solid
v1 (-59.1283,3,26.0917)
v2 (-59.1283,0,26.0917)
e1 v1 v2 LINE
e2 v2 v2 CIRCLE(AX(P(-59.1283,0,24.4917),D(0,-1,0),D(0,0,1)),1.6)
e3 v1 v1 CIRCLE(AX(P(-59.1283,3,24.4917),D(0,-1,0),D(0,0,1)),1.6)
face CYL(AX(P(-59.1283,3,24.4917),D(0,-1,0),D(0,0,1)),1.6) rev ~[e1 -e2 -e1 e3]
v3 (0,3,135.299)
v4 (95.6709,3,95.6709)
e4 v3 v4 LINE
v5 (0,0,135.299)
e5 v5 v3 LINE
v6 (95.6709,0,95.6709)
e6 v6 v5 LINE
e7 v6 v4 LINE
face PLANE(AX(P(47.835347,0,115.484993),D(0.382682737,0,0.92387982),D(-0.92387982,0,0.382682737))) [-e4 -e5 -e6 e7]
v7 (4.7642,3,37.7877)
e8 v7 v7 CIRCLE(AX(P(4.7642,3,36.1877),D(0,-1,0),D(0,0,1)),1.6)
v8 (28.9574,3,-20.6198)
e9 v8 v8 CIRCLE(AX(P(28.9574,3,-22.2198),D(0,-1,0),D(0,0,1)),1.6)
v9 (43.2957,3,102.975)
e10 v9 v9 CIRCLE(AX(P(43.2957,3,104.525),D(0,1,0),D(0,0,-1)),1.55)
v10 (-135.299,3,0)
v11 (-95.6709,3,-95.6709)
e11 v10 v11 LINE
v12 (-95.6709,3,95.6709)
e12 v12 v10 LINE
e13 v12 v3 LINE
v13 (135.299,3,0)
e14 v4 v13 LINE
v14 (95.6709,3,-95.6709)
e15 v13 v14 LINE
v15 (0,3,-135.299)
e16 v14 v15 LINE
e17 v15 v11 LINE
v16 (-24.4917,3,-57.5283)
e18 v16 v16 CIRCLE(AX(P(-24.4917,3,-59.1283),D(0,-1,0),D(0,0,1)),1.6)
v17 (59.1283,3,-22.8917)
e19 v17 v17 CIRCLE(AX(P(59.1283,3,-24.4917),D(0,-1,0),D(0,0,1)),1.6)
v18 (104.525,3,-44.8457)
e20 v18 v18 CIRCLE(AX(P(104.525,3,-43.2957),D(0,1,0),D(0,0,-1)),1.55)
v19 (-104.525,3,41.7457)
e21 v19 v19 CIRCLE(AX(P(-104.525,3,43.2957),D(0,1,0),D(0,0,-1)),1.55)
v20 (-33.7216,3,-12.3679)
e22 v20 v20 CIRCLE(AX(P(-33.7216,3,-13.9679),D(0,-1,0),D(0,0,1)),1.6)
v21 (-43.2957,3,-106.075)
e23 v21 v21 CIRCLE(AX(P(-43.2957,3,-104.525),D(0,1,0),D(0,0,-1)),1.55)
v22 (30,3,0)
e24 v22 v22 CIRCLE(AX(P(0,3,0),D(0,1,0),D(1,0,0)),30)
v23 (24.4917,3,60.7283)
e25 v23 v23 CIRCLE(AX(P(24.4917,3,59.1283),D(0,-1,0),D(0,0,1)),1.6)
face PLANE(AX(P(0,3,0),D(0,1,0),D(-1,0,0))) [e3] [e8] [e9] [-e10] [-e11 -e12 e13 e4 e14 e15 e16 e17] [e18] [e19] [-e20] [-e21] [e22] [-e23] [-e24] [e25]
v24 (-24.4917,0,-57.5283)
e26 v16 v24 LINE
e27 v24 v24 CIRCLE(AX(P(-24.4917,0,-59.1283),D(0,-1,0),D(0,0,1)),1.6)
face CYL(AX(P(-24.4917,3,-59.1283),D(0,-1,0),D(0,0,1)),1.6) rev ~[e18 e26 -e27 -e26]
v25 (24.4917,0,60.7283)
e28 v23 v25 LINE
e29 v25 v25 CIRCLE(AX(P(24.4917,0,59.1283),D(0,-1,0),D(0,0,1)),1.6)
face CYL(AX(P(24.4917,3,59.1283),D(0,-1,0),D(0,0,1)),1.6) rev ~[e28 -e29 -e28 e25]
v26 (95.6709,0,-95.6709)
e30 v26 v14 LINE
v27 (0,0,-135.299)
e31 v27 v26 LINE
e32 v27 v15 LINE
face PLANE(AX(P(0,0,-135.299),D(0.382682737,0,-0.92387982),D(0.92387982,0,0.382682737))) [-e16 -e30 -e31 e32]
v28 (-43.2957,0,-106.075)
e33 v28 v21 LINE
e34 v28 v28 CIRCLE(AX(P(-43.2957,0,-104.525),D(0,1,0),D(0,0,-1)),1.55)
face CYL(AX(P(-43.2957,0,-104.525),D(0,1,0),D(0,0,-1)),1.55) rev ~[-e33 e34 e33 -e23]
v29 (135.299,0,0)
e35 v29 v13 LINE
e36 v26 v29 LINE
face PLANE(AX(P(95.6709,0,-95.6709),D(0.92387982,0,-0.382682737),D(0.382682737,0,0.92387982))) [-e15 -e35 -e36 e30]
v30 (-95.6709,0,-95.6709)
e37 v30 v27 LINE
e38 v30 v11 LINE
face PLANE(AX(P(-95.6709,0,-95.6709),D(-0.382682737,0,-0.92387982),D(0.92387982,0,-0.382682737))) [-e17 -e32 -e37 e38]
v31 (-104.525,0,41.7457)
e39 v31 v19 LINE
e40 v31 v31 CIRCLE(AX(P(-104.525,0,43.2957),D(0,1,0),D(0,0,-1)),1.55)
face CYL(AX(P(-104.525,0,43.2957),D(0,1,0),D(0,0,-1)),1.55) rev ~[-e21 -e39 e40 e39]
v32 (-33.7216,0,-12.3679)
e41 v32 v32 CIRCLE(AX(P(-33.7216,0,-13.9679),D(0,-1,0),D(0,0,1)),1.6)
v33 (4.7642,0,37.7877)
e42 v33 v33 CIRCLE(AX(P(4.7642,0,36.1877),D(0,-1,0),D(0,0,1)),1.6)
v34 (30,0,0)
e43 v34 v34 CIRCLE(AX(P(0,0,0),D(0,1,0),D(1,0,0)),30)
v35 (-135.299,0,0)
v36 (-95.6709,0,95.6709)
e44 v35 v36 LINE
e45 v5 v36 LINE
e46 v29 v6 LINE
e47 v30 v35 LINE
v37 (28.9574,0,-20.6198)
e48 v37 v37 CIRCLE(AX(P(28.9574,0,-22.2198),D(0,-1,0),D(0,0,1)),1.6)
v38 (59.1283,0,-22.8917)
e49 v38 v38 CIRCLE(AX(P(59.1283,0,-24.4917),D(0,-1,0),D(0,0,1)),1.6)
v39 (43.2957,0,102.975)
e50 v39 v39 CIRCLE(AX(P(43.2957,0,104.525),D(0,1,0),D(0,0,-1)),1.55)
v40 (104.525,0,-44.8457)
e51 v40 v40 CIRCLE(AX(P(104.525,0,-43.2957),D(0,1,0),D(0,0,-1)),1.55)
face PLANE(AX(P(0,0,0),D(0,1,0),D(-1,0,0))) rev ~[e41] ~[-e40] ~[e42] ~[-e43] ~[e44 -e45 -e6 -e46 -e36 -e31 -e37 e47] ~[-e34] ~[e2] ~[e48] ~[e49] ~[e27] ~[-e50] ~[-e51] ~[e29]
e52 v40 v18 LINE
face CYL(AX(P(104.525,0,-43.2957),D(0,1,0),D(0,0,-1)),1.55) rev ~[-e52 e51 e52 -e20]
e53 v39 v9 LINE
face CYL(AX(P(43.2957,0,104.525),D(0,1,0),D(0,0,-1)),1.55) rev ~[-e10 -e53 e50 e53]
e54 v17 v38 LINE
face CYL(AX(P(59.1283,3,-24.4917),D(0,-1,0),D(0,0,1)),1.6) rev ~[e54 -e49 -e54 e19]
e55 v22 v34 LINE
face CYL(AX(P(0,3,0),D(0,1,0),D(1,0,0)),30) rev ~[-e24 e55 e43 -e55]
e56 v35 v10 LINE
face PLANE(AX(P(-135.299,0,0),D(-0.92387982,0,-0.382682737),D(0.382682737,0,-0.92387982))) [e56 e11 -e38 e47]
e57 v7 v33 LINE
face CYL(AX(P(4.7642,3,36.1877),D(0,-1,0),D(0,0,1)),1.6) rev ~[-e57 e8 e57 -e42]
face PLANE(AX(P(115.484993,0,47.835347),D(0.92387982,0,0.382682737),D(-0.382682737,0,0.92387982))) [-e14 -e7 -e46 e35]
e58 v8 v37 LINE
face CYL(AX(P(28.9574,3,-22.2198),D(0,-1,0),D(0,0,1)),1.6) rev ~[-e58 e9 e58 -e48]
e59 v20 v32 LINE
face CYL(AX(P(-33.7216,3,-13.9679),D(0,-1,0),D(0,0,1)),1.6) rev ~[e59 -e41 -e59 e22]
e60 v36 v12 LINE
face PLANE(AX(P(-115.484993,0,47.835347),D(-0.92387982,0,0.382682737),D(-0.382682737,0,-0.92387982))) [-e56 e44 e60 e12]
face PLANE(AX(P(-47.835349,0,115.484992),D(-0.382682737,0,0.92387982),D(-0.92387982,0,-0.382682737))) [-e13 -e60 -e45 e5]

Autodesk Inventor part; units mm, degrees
ref_plane "YZ Plane" through (0, 0, 0) normal (1, 0, 0) x (0, 1, 0)
ref_plane "XZ Plane" through (0, 0, 0) normal (0, 1, 0) x (-1, 0, 0)
ref_plane "XY Plane" through (0, 0, 0) normal (0, 0, 1) x (1, 0, 0)
sketch "スケッチ1" plane through (0, 0, 0) normal (0, 1, 0) x (-1, 0, 0)
  circle A0 centre (0, 0) radius 135.299
  line L0 (0, 0) -> (135.299, 0)
  line L1 (0, 0) -> (95.6709, -95.6709)
  line L2 (0, 0) -> (0, -135.299)
  line L3 (0, 0) -> (-95.6709, -95.6709)
  line L4 (0, 0) -> (-135.299, 0)
  line L5 (0, 0) -> (-95.6709, 95.6709)
  line L6 (0, 0) -> (0, 135.299)
  line L7 (0, 0) -> (95.6709, 95.6709)
  line L8 (135.299, 0) -> (95.6709, -95.6709)
  line L9 (95.6709, 95.6709) -> (135.299, 0)
  line L10 (0, 135.299) -> (95.6709, 95.6709)
  line L11 (-95.6709, 95.6709) -> (0, 135.299)
  line L12 (-135.299, 0) -> (-95.6709, 95.6709)
  line L13 (-95.6709, -95.6709) -> (-135.299, 0)
  line L14 (0, -135.299) -> (-95.6709, -95.6709)
  line L15 (95.6709, -95.6709) -> (0, -135.299)
  circle A1 centre (0, 0) radius 125
  point P0 (0, 135.299)
  point P1 (-95.6709, 95.6709)
  point P2 (-135.299, 0)
  point P3 (95.6709, -95.6709)
  dimension "d3" = 360
  dimension "d7" = 360
  dimension "d57" = 250
extrude "押し出し1" add sketch "スケッチ1" along normal blind 3 contours L8 A1 L0 | L0 A1 L9 | L9 A1 L7 | L7 A1 L10 | L15 A1 L1 | L1 A1 L8 | A1 L1 L0 | L0 L7 A1 | L10 A1 L6 | L6 A1 L11 | L7 L6 A1 | L14 A1 L2 | L2 A1 L15 | A1 L2 L1 | L2 A1 L3 | L3 A1 L4 | L4 A1 L5 | L5 A1 L6 | L11 A1 L5 | L5 A1 L12 | L13 A1 L3 | L3 A1 L14 | A1 L13 L4 | L4 L12 A1
sketch "スケッチ2" plane through (0, 3, 0) normal (0, 1, 0) x (1, 0, 0)
  circle A0 centre (0, 0) radius 64
  circle A1 centre (0, 0) radius 36.5
  line L0 (0, 0) -> (-59.1283, 24.4917)
  line L1 (-95.6709, 95.6709) -> (-135.299, 0) projected
  line L2 (0, 0) -> (-135.299, 0)
  point P0 (-33.7216, 13.9679)
  point P1 (4.7642, -36.1877)
  point P2 (28.9574, 22.2198)
  dimension "d11" = 128
  dimension "d12" = 73
  dimension "d13" = 22.5
  dimension "d16" = 360
hole "穴1" at (-33.7216, 3, -13.9679) at (4.7642, 3, 36.1877) at (28.9574, 3, -22.2198) direction (0, -1, 0) diameter 3.2 end through all
sketch "スケッチ3" plane through (0, 3, 0) normal (0, 1, 0) x (1, 0, 0)
  circle A0 centre (0, 0) radius 64
  line L0 (0, 0) -> (-59.1283, -24.4917)
  line L1 (0, 0) -> (-29.4133, 0)
  point P0 (-59.1283, -24.4917)
  point P1 (24.4917, -59.1283)
  point P2 (59.1283, 24.4917)
  point P3 (-24.4917, 59.1283)
  dimension "d25" = 128
  dimension "d28" = 360
  dimension "d56" = 22.5
hole "穴2" at (-59.1283, 3, 24.4917) at (24.4917, 3, 59.1283) at (59.1283, 3, -24.4917) at (-24.4917, 3, -59.1283) direction (0, -1, 0) diameter 3.2 end through all
sketch "スケッチ4" plane through (0, 0, 0) normal (0, -1, 0) x (1, 0, 0)
  circle A0 centre (-33.7216, -13.9679) radius 1.6 projected
  circle A1 centre (-33.7216, -13.9679) radius 3
  circle A2 centre (28.9574, -22.2198) radius 3
  circle A3 centre (4.7642, 36.1877) radius 3
  circle A4 centre (-24.4917, -59.1283) radius 1.6 projected
  circle A5 centre (-24.4917, -59.1283) radius 3.9
  circle A6 centre (59.1283, -24.4917) radius 3.9
  circle A7 centre (24.4917, 59.1283) radius 3.9
  circle A8 centre (-59.1283, 24.4917) radius 3.9
  point P0 (0, 0)
  point P1 (0, 0)
  point P2 (0, 0)
  dimension "d37" = 6
  dimension "d40" = 360
  dimension "d42" = 7.8
  dimension "d45" = 360
extrude "押し出し2" [suppressed]
sketch "スケッチ5" plane through (0, 0, 0) normal (0, -1, 0) x (1, 0, 0)
  circle A0 centre (59.1283, -24.4917) radius 1.6 projected
  circle A1 centre (59.1283, -24.4917) radius 3.9
  circle A2 centre (24.4917, 59.1283) radius 3.9
  circle A3 centre (-59.1283, 24.4917) radius 3.9
  circle A4 centre (-24.4917, -59.1283) radius 3.9
  point P0 (0, 0)
  dimension "d49" = 7.8
  dimension "d52" = 360
extrude "押し出し3" [suppressed]
sketch "スケッチ6" plane through (0, 0, 0) normal (0, -1, 0) x (1, 0, 0)
  line L0 (0, 0) -> (115.4849, 47.8354)
  line L1 (95.6709, 95.6709) -> (135.299, 0) projected
  line L2 (0, 135.299) -> (95.6709, 95.6709) projected
  line L3 (58.7953, 110.9452) -> (-120.0247, 36.8755)
  line L4 (-135.299, 0) -> (-95.6709, 95.6709) projected
  line L5 (-95.6709, 95.6709) -> (0, 135.299) projected
  line L6 (135.299, 0) -> (95.6709, -95.6709) projected
  line L7 (120.0247, -36.8755) -> (-58.7953, -110.9452)
  line L8 (0, -135.299) -> (-95.6709, -95.6709) projected
  line L9 (95.6709, -95.6709) -> (0, -135.299) projected
  line L10 (0, 0) -> (-30.6147, 73.9104)
  point P0 (43.2957, 104.525)
  point P1 (-104.525, 43.2957)
  point P2 (104.525, -43.2957)
  point P3 (-43.2957, -104.525)
  dimension "d58" = 80
  dimension "d59" = 80
  dimension "d60" = 80
hole "穴3" at (43.2957, 0, 104.525) at (-104.525, 0, 43.2957) at (104.525, 0, -43.2957) at (-43.2957, 0, -104.525) direction (0, 1, 0) diameter 3.1 end through all
sketch "スケッチ7" plane through (0, 3, 0) normal (0, 1, 0) x (1, 0, 0)
  circle A0 centre (0, 0) radius 30
  dimension "d68" = 60
extrude "押し出し4" cut sketch "スケッチ7" against normal blind 10
properties part number "Largebaseplate" material "アルミニウム 6061"
